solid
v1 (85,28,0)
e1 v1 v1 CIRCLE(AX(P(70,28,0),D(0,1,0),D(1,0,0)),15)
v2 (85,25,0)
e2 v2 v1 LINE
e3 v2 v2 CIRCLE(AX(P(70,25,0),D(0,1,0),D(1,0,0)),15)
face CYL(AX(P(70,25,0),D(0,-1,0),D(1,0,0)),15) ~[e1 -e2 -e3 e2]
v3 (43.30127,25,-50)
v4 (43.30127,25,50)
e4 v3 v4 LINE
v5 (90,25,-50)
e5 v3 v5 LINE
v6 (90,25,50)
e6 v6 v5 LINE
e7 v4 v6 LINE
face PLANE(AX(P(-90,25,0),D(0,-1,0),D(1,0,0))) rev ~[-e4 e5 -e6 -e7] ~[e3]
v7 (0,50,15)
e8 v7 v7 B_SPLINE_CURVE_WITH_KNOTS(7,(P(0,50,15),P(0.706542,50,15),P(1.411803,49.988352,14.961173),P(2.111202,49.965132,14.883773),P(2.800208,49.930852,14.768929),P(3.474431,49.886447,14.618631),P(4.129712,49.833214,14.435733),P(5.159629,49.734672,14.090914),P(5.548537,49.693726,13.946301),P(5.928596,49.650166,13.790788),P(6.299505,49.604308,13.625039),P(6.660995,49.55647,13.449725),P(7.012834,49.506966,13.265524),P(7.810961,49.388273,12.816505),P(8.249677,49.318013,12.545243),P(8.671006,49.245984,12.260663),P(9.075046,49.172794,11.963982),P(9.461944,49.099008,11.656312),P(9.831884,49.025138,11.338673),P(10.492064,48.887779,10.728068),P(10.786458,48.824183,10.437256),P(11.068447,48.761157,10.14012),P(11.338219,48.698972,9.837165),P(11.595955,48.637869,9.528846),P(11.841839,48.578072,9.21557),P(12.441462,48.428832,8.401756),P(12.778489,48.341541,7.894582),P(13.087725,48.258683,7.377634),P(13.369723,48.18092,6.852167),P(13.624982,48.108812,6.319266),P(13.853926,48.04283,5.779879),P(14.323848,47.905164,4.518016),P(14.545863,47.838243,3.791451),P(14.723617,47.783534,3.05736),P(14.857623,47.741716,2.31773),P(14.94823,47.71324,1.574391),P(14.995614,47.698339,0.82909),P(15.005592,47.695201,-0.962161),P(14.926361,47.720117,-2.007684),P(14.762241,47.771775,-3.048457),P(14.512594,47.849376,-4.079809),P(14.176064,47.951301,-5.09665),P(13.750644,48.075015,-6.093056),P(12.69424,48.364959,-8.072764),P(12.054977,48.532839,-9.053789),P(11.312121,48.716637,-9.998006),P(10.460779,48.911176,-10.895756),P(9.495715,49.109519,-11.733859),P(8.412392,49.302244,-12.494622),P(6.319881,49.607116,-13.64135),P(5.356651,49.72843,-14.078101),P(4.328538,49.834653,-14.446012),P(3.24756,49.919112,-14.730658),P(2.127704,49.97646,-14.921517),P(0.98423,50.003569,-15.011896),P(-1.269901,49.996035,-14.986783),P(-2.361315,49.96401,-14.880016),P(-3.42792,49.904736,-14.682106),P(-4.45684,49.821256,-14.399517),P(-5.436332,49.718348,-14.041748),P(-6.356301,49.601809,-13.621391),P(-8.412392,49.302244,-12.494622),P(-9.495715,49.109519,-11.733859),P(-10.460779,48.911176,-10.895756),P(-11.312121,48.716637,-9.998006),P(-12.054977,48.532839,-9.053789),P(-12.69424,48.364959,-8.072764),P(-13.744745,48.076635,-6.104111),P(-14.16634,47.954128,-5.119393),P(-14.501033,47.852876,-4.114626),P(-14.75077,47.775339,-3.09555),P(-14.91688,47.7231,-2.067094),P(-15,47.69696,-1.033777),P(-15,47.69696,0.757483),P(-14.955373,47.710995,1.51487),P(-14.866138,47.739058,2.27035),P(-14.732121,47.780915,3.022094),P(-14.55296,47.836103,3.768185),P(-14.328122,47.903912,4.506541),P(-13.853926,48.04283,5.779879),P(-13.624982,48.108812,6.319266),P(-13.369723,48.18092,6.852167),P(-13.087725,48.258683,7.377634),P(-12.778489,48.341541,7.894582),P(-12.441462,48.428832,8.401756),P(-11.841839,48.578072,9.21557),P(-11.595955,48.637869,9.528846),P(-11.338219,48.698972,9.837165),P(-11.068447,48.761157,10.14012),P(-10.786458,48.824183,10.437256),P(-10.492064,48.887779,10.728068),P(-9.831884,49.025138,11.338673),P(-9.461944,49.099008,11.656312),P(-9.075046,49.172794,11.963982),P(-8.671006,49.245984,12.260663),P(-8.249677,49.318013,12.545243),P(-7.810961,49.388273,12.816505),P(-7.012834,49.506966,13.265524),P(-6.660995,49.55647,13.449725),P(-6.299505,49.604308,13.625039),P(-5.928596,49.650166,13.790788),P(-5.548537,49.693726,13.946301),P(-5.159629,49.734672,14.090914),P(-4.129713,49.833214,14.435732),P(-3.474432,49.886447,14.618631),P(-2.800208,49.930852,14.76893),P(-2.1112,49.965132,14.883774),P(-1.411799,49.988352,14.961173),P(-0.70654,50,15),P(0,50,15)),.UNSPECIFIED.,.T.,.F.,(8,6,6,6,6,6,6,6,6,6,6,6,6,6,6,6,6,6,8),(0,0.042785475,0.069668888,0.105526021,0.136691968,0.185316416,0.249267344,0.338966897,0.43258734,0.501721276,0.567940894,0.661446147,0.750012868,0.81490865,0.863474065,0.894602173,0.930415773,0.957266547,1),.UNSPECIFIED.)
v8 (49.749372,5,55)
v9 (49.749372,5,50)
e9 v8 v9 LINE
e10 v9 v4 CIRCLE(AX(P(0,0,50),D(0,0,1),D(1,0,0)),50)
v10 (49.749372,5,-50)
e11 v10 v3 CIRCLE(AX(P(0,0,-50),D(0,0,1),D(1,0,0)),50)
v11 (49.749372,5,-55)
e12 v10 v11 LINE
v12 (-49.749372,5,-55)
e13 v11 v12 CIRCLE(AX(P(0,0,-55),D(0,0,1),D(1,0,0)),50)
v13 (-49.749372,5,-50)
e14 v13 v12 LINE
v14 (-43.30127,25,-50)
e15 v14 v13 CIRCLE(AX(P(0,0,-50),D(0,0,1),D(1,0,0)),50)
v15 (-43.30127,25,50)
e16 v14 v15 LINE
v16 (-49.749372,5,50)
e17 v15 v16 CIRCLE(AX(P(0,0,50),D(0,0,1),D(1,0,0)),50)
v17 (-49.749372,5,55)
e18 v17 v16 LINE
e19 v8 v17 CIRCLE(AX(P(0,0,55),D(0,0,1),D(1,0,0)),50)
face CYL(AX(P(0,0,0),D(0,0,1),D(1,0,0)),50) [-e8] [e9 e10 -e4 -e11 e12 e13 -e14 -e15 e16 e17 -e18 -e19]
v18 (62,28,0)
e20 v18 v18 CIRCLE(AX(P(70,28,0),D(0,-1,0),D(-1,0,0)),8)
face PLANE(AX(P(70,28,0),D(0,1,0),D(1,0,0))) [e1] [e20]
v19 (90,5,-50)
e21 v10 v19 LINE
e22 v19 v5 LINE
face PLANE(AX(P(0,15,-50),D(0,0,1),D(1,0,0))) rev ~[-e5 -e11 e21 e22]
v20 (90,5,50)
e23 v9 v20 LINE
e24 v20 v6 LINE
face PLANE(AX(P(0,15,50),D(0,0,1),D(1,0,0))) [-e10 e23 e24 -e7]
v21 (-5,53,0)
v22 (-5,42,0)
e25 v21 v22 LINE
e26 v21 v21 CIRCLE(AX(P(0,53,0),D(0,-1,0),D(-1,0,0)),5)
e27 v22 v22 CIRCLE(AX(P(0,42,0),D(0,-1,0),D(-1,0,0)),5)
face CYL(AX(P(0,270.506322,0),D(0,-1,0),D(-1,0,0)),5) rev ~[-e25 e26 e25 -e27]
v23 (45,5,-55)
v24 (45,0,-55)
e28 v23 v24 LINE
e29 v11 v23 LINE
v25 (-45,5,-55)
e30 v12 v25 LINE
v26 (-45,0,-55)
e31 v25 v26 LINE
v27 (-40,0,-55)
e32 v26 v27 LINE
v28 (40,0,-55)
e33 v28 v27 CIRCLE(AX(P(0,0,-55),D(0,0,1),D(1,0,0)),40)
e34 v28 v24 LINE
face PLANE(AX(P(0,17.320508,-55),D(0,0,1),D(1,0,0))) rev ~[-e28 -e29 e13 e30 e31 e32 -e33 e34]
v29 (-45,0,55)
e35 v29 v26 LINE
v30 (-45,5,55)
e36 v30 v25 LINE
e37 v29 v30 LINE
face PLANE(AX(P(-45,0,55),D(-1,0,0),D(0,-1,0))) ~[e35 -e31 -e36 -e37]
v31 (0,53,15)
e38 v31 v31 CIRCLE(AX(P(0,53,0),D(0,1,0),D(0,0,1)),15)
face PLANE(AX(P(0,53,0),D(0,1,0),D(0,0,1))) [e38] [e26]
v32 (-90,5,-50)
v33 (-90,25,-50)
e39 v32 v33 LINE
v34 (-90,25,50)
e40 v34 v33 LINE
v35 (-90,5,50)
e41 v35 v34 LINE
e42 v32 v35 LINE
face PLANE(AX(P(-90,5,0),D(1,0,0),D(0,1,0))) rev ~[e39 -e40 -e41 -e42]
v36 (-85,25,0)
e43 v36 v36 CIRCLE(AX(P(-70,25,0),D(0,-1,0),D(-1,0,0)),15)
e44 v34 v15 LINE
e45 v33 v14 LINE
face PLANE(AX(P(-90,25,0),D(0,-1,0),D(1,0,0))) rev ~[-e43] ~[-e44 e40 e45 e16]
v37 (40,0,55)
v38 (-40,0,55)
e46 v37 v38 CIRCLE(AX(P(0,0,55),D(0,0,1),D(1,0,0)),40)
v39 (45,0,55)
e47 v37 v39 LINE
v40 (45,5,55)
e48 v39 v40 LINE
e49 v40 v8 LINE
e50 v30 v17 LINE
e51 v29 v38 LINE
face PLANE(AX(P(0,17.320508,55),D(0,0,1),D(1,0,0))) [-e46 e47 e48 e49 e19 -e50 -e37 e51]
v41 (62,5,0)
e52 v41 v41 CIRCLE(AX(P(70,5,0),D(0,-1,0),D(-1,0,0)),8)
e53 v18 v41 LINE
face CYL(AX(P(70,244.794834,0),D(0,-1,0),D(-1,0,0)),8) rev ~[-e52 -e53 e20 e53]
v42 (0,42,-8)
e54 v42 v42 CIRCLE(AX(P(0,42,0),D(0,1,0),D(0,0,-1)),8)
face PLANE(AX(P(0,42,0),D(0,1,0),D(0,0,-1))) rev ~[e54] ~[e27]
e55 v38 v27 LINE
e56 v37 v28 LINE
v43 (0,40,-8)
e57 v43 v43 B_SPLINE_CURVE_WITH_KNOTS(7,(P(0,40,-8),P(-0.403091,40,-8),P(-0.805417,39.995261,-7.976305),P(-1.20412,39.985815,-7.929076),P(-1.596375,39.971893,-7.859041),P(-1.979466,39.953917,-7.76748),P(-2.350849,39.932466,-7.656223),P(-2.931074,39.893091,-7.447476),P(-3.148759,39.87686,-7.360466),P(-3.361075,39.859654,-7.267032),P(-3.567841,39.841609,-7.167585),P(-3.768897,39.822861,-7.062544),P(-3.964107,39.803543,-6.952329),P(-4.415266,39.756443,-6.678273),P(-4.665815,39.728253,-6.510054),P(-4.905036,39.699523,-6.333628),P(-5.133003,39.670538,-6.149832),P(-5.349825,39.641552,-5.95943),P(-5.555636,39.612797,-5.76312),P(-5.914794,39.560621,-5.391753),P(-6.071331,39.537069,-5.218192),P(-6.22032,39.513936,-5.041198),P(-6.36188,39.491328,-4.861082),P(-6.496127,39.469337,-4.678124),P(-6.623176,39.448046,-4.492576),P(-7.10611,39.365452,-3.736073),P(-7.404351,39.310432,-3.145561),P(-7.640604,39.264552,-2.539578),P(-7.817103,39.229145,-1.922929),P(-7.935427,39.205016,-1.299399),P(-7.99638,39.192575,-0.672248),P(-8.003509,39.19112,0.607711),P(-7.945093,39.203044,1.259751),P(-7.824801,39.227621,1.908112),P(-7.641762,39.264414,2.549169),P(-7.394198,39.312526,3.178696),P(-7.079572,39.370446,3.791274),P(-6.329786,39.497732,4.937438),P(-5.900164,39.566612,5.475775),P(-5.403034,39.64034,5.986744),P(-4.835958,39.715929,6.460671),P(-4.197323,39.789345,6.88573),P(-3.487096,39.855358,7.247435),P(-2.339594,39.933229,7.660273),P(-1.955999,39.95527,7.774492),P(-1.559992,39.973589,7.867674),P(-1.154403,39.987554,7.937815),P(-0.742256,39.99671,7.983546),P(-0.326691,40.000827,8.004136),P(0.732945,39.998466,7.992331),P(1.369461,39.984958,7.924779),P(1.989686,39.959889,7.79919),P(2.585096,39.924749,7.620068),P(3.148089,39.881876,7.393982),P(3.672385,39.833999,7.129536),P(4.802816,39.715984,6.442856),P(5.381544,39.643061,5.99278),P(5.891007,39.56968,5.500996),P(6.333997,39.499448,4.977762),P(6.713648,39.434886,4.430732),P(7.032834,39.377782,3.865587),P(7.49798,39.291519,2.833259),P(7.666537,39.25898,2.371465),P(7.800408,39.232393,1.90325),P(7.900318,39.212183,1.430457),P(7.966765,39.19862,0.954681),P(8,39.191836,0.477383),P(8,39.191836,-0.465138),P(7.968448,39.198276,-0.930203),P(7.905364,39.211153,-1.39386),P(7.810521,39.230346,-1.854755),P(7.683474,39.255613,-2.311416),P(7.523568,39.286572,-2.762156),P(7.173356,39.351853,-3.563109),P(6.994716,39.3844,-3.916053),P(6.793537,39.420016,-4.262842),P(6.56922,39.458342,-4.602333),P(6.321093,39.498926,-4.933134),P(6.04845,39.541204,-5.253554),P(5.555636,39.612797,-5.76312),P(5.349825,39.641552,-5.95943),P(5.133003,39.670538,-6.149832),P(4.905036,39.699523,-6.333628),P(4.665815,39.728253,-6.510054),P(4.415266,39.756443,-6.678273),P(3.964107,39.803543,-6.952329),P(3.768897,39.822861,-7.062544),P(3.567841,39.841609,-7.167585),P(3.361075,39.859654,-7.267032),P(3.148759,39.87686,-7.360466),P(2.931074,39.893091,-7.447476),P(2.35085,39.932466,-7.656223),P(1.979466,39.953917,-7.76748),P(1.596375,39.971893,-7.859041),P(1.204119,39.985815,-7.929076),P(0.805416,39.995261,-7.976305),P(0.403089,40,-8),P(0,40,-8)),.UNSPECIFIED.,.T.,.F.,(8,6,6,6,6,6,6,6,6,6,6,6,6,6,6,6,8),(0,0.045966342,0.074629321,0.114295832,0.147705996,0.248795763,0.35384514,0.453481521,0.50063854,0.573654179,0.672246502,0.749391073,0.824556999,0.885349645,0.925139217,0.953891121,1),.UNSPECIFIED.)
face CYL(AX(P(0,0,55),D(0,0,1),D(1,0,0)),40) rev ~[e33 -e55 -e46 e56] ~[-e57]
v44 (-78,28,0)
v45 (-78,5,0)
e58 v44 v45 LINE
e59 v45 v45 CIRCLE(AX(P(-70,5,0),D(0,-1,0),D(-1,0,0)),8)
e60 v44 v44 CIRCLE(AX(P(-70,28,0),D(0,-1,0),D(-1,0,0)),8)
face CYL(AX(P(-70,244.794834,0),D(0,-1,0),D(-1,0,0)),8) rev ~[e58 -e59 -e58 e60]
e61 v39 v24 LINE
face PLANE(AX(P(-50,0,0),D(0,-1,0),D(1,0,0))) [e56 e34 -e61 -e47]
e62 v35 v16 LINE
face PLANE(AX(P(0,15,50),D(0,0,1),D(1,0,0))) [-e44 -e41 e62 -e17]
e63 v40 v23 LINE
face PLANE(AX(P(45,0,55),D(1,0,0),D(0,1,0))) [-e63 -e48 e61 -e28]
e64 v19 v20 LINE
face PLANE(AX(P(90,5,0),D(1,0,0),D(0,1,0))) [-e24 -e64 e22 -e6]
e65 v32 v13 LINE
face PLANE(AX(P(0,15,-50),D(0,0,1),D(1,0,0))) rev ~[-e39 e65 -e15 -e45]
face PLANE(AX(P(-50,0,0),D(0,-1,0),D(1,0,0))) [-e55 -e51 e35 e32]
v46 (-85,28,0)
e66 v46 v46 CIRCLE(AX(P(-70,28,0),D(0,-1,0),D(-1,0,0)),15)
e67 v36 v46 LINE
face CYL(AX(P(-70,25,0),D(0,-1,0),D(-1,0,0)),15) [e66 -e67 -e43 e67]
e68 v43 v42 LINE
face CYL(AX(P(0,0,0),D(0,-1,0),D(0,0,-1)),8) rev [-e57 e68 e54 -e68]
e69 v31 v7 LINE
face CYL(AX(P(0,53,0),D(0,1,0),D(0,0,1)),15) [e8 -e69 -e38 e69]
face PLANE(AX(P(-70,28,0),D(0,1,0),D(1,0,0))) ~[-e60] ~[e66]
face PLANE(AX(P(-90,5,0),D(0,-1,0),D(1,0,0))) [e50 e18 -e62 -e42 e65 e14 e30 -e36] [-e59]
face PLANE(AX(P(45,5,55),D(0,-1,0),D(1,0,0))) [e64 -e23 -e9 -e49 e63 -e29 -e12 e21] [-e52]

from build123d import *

# Parameters (mm, degrees)
BOSS_EXTRUDE1_DEPTH      = 55
SKETCH4_W                = 180
SKETCH4_H                = 20
BOSS_EXTRUDE2_DEPTH      = 50
CUT_EXTRUDE1_REACH       = 152.665
SKETCH5_W                = 45
SKETCH5_H                = 5
CUT_EXTRUDE2_REACH       = 152.665
SKETCH7_R                = 15
BOSS_EXTRUDE3_DEPTH      = 3
HOLE1_D                  = 16
BOSS_EXTRUDE4_REACH      = 120.042
BOSS_EXTRUDE4_END_RADIUS = 50
SKETCH10_R               = 15
HOLE2_D                  = 10
SKETCH13_R               = 8
CUT_EXTRUDE3_DEPTH       = 42


with BuildPart() as part:
    # Sketch2 → Boss-Extrude1 (new, symmetric)
    with BuildSketch(Plane.XY):
        with BuildLine():
            Line((-50, 0), (50, 0))
            ThreePointArc((50, 0), (0, 50), (-50, 0))
        make_face()
    extrude(amount=BOSS_EXTRUDE1_DEPTH, both=True)

    # Sketch4 → Boss-Extrude2 (add, symmetric)
    with BuildSketch(Plane.XY):
        with Locations((0, 15)):
            Rectangle(SKETCH4_W, SKETCH4_H)
    extrude(amount=BOSS_EXTRUDE2_DEPTH, both=True)

    # Sketch5 → Cut-Extrude1 (cut, up to next)
    with BuildSketch(Plane.XY.offset(55), mode=Mode.PRIVATE) as cut_extrude1_sk1:
        with Locations((67.5, 2.5)):
            Rectangle(SKETCH5_W, SKETCH5_H)
    cut_extrude1_tool1 = extrude(cut_extrude1_sk1.sketch, amount=-CUT_EXTRUDE1_REACH, mode=Mode.PRIVATE) & part.part
    cut_extrude1 = cut_extrude1_tool1.solids().sort_by_distance((67.5, 2.5, 55))[0]
    add(cut_extrude1, mode=Mode.SUBTRACT)

    # Mirror1: Cut-Extrude1 across plane
    add(cut_extrude1.mirror(Plane(origin=(0, 0, 0), x_dir=(0, 0, 1), z_dir=(1, 0, 0))), mode=Mode.SUBTRACT)

    # Sketch6 → Cut-Extrude2 (cut, up to next)
    with BuildSketch(Plane.XY.offset(55), mode=Mode.PRIVATE) as cut_extrude2_sk1:
        with BuildLine():
            Line((-40, 0), (40, 0))
            ThreePointArc((40, 0), (0, 40), (-40, 0))
        make_face()
    cut_extrude2_tool1 = extrude(cut_extrude2_sk1.sketch, amount=-CUT_EXTRUDE2_REACH, mode=Mode.PRIVATE) & part.part
    add(cut_extrude2_tool1.solids().sort_by_distance((0, 16.976527, 55))[0], mode=Mode.SUBTRACT)

    # Sketch7 → Boss-Extrude3 (add)
    with BuildSketch(Plane(origin=(0, 25, 0), x_dir=(1, 0, 0), z_dir=(0, 1, 0))):
        with Locations((70, 0)):
            Circle(SKETCH7_R)
    boss_extrude3 = extrude(amount=BOSS_EXTRUDE3_DEPTH)

    # Mirror2: Boss-Extrude3 across plane
    add(boss_extrude3.mirror(Plane(origin=(0, 0, 0), x_dir=(0, 0, 1), z_dir=(1, 0, 0))))

    # Hole1 (through all)
    with Locations(Plane(origin=(0, 28, 0), x_dir=(1, 0, 0), z_dir=(0, 1, 0))):
        with Locations((70, 0), (-70, 0)):
            Hole(HOLE1_D / 2)

    # Boss-Extrude4: up to this cylinder (the profile starts outside it)
    boss_extrude4_end = Plane(origin=(0, 0, 0), z_dir=(0, 0, -1)) * Cylinder(BOSS_EXTRUDE4_END_RADIUS, 341.084, mode=Mode.PRIVATE)
    # Sketch10 → Boss-Extrude4 (add, up to the surface)
    with BuildSketch(Plane(origin=(0, 53, 0), x_dir=(1, 0, 0), z_dir=(0, 1, 0)), mode=Mode.PRIVATE) as boss_extrude4_sk1:
        with Locations(Location((0, 0, 0), (0, 0, 270))):
            Circle(SKETCH10_R)
    boss_extrude4_tool1 = extrude(boss_extrude4_sk1.sketch, amount=-BOSS_EXTRUDE4_REACH, mode=Mode.PRIVATE) - boss_extrude4_end
    add(boss_extrude4_tool1.solids().sort_by_distance((0, 53, 0))[0])

    # Hole2 (through all)
    with Locations(Plane(origin=(0, 53, 0), x_dir=(1, 0, 0), z_dir=(0, 1, 0))):
        with Locations((0, 0)):
            Hole(HOLE2_D / 2)

    # Sketch13 → Cut-Extrude3 (cut)
    with BuildSketch(Plane(origin=(0, 0, 0), x_dir=(1, 0, 0), z_dir=(0, 1, 0))):
        with Locations(Location((0, 0, 0), (0, 0, 90))):
            Circle(SKETCH13_R)
    extrude(amount=CUT_EXTRUDE3_DEPTH, mode=Mode.SUBTRACT)


solid = part.part
